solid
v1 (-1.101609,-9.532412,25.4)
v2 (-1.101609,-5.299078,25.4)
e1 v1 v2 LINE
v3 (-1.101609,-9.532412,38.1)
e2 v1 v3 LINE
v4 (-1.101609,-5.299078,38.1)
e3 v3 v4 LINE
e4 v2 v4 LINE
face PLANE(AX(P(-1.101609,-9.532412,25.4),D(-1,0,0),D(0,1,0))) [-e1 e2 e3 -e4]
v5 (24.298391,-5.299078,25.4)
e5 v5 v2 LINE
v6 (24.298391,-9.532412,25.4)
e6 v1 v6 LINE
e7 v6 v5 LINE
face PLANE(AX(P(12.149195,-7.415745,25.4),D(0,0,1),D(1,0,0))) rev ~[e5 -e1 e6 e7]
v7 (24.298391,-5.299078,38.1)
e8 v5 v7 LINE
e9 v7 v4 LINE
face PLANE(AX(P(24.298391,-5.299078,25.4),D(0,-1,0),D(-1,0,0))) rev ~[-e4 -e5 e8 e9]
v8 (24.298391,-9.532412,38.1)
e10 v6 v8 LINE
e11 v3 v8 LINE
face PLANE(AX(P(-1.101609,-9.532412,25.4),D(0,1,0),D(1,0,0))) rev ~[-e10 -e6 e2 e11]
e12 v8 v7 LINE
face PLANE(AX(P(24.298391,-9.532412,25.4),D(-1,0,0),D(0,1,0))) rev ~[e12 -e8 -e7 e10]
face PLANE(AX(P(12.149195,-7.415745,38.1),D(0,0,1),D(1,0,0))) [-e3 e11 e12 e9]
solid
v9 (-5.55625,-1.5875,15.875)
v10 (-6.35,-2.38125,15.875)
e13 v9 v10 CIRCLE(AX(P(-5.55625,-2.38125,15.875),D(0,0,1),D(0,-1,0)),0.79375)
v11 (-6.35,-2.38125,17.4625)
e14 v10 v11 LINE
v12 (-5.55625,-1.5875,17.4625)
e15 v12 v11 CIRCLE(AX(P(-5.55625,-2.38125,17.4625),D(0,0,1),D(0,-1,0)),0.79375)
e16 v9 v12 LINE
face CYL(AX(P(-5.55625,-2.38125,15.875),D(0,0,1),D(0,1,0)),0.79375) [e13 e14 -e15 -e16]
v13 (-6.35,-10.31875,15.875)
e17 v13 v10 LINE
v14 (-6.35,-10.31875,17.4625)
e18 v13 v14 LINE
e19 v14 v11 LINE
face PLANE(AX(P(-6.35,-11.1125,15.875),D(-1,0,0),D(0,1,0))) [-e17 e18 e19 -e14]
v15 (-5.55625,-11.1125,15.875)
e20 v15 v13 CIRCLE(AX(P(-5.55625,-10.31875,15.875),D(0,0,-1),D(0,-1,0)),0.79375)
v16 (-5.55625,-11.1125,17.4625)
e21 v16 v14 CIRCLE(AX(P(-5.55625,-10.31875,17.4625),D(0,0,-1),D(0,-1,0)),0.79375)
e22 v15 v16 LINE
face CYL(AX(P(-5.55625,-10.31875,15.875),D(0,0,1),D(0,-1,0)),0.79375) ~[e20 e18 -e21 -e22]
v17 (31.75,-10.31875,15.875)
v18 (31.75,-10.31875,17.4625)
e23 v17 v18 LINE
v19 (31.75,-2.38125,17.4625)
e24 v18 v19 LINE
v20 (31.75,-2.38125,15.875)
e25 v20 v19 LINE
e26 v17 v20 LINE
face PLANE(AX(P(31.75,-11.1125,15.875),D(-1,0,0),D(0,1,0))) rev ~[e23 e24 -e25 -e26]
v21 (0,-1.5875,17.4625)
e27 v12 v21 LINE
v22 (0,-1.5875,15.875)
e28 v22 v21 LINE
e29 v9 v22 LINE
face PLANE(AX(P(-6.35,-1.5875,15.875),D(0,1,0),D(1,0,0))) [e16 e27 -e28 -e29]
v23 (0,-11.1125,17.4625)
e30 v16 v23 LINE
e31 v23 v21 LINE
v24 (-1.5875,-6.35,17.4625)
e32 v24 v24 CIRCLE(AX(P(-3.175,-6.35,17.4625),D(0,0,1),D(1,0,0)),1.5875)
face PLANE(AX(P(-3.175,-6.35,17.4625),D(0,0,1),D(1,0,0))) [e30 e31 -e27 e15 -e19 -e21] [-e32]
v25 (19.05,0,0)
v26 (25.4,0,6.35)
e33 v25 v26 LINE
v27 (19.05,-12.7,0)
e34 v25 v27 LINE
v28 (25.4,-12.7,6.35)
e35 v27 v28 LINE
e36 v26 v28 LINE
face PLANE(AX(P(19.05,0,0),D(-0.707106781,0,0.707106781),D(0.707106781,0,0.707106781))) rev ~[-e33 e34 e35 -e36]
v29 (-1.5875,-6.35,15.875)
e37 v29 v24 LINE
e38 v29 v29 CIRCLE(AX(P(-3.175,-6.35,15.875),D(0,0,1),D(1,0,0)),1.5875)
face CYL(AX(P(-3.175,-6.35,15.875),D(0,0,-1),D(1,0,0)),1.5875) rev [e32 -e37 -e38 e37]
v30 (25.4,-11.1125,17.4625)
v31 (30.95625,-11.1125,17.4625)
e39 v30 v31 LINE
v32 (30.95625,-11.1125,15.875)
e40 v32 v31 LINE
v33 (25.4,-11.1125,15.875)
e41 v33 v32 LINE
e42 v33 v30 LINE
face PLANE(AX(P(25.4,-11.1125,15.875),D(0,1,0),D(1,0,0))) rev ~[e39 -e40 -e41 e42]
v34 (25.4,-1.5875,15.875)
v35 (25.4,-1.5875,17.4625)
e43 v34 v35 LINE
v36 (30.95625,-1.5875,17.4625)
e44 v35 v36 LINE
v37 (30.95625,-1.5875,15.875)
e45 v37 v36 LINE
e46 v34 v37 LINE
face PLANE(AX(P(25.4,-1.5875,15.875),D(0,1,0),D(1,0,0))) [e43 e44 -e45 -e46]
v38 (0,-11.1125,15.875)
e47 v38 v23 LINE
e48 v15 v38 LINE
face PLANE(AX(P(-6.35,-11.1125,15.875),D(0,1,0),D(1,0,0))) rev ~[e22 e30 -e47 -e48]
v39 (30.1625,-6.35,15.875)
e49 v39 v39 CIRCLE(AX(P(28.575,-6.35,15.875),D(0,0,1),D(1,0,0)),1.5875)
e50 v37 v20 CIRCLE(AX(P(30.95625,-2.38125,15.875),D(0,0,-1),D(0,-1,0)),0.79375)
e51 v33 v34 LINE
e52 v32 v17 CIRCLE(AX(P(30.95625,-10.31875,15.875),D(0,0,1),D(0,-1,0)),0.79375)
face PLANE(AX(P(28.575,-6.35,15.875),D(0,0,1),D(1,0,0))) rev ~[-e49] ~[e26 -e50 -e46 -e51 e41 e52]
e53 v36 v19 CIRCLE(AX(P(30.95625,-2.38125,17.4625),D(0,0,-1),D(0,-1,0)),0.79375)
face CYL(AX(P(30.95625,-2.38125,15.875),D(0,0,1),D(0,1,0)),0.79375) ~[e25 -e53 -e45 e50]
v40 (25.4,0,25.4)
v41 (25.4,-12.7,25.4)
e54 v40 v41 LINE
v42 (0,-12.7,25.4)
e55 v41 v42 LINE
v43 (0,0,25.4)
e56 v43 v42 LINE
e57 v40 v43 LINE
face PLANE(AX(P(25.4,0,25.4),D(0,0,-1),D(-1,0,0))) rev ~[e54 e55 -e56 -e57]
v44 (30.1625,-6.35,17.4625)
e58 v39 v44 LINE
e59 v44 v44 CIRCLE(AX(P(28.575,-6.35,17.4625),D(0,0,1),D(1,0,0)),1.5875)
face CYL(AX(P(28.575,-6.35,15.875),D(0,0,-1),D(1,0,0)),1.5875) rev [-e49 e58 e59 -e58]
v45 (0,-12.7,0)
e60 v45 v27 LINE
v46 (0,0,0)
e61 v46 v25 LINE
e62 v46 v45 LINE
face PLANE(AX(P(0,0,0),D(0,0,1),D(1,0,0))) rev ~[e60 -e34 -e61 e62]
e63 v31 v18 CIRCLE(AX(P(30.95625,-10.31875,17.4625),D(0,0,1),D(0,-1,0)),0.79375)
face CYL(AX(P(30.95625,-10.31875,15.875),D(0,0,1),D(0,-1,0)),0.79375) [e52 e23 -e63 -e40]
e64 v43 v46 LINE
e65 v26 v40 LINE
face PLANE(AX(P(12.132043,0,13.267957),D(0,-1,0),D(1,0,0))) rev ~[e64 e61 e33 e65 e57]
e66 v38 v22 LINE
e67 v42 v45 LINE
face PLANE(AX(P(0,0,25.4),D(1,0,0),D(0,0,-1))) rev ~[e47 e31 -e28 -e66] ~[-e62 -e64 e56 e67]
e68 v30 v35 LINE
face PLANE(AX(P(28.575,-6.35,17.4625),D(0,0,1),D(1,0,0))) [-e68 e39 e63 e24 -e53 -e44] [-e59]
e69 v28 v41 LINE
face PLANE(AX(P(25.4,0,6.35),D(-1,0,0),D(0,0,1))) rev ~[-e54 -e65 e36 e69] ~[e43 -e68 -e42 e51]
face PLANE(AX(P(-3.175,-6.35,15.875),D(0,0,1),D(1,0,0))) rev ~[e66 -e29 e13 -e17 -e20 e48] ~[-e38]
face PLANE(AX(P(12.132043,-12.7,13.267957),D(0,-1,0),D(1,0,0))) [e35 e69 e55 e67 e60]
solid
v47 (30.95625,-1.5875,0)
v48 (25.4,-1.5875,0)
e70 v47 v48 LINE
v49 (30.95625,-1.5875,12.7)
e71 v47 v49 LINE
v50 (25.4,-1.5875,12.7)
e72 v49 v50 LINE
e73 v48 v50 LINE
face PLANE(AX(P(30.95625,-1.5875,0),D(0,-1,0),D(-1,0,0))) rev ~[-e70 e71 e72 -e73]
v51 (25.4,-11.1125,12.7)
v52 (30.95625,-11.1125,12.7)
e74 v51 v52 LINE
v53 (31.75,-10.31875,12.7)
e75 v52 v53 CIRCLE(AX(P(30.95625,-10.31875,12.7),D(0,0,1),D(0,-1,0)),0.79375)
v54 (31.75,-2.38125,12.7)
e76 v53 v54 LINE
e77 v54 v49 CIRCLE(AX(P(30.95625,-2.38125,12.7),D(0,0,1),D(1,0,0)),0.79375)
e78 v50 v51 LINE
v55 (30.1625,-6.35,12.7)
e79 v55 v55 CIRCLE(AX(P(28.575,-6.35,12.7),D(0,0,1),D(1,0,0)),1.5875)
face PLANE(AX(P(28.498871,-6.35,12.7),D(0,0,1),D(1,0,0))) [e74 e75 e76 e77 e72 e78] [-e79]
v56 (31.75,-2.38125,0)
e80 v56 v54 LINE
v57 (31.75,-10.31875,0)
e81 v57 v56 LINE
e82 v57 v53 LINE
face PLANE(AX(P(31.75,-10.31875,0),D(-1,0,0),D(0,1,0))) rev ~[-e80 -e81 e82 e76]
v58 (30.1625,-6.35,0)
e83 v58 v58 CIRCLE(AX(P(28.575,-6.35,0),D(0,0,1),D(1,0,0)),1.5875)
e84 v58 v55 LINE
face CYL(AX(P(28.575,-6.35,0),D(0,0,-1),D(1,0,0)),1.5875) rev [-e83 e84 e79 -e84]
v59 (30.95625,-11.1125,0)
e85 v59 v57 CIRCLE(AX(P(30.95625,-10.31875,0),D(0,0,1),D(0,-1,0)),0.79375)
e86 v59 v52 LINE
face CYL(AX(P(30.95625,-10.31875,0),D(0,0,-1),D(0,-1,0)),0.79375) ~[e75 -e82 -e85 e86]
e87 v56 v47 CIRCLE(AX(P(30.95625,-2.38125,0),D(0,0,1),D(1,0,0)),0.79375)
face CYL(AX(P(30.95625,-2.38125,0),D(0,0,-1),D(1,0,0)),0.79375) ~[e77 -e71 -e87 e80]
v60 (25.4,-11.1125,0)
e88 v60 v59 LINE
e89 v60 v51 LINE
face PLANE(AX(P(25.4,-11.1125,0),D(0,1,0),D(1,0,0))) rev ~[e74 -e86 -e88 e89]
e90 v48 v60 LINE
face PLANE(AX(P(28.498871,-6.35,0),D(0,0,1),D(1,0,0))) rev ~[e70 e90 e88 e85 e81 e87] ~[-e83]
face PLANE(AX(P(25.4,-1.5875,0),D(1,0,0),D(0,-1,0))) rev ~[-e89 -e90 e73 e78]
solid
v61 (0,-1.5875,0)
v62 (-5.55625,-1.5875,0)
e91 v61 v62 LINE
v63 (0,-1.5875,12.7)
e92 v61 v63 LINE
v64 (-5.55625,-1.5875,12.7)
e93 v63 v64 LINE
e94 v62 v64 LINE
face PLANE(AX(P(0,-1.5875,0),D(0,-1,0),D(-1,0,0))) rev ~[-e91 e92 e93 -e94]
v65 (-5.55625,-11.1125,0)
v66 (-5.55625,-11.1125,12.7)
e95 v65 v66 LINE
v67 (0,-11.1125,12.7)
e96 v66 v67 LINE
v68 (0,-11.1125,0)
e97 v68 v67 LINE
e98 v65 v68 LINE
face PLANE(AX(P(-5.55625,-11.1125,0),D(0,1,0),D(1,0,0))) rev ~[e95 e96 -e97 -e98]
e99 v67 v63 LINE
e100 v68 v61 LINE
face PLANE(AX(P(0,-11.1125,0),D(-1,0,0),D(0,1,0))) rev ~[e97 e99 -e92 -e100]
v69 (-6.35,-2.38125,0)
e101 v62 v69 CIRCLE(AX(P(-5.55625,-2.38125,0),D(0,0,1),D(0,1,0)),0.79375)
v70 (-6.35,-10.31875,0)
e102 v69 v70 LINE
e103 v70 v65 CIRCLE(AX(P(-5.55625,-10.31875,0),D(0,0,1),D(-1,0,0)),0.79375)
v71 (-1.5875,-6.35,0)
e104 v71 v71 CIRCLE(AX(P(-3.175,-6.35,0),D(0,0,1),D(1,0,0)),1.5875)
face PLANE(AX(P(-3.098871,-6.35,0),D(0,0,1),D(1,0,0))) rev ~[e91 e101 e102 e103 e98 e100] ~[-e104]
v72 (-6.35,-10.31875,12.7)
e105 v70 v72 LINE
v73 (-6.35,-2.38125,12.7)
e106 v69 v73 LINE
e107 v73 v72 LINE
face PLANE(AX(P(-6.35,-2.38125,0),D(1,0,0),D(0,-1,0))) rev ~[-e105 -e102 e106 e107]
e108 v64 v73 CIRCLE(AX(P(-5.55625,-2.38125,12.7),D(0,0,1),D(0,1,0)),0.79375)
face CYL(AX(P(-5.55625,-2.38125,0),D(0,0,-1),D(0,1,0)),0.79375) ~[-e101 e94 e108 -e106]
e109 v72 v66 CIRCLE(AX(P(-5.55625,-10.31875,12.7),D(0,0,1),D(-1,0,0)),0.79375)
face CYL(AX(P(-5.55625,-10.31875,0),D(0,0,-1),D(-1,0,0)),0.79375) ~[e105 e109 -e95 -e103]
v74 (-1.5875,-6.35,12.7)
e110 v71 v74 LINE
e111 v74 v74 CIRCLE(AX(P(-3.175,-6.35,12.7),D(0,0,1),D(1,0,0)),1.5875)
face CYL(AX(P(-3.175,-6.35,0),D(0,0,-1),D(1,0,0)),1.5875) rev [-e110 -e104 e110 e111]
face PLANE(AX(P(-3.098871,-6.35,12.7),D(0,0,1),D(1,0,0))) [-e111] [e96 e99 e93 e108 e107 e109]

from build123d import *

# Parameters (mm, degrees)
F1_DEPTH  = 12.7
F3_W      = 6.35
F3_H      = 9.525
F3_R      = 1.5875
F4_DEPTH  = 1.5875
F5_DEPTH  = 1.5875
F6_R      = 0.79375
F7_R      = 1.5875
F8_DEPTH  = 12.7
F9_W      = 24.2983907599
F9_H      = 4.2333333333
F9_W_2    = 1.1016092401
F10_DEPTH = 12.7


with BuildPart() as f1:
    # F0 (on Front) → F1 (new body)
    with BuildSketch(Plane.XZ):
        Polygon((0, 25.4), (0, 0), (19.05, 0), (25.4, 6.35), (25.4, 25.4), align=None)
    extrude(amount=F1_DEPTH)

    # F3 (on offset) → F4 (join)
    with BuildSketch(Plane.XY.offset(15.875)):
        with Locations((-3.175, -6.35)):
            Rectangle(F3_W, F3_H)
        with Locations((-3.175, -6.35)):
            Circle(F3_R, mode=Mode.SUBTRACT)
    extrude(amount=F4_DEPTH)

    # F3 (on offset) → F5 (join)
    with BuildSketch(Plane.XY.offset(15.875)):
        with Locations((28.575, -6.35)):
            Rectangle(F3_W, F3_H)
        with Locations((28.575, -6.35)):
            Circle(F3_R, mode=Mode.SUBTRACT)
    extrude(amount=F5_DEPTH)

    # F6
    f6_edges = [f1.edges().sort_by_distance(p)[0] for p in [
        (31.75, -11.1125, 16.66875),
        (-6.35, -11.1125, 16.66875),
        (31.75, -1.5875, 16.66875),
        (-6.35, -1.5875, 16.66875),
    ]]
    fillet(f6_edges, radius=F6_R)


with BuildPart() as f8:
    # F7 (on Top) → F8 (new body)
    with BuildSketch(Plane.XY):
        with BuildLine():
            Line((25.4, -1.5875), (25.4, -11.1125))
            Line((25.4, -11.1125), (30.95625, -11.1125))
            ThreePointArc((30.95625, -11.1125), (31.5175160076, -10.8800160076), (31.75, -10.31875))
            Line((31.75, -10.31875), (31.75, -2.38125))
            ThreePointArc((31.75, -2.38125), (31.5175160076, -1.8199839924), (30.95625, -1.5875))
            Line((30.95625, -1.5875), (25.4, -1.5875))
        make_face()
        with Locations((28.575, -6.35)):
            Circle(F7_R, mode=Mode.SUBTRACT)
    extrude(amount=F8_DEPTH)


with BuildPart() as f8b:
    # F7 (on Top) → F8, piece 2 (new body)
    with BuildSketch(Plane.XY):
        with BuildLine():
            Line((0, -11.1125), (0, -1.5875))
            Line((0, -1.5875), (-5.55625, -1.5875))
            ThreePointArc((-5.55625, -1.5875), (-6.1175160076, -1.8199839924), (-6.35, -2.38125))
            Line((-6.35, -2.38125), (-6.35, -10.31875))
            ThreePointArc((-6.35, -10.31875), (-6.1175160076, -10.8800160076), (-5.55625, -11.1125))
            Line((-5.55625, -11.1125), (0, -11.1125))
        make_face()
        with Locations((-3.175, -6.35)):
            Circle(F7_R, mode=Mode.SUBTRACT)
    extrude(amount=F8_DEPTH)


with BuildPart() as f10:
    # F9 (on face) → F10 (new body)
    with BuildSketch(Plane.XY.offset(25.4)):
        with Locations((12.14919538, -7.41574509)):
            Rectangle(F9_W, F9_H)
        with Locations((-0.55080462, -7.41574509)):
            Rectangle(F9_W_2, F9_H)
    extrude(amount=F10_DEPTH)


solid = Compound([f1.part, f8.part, f8b.part, f10.part])
